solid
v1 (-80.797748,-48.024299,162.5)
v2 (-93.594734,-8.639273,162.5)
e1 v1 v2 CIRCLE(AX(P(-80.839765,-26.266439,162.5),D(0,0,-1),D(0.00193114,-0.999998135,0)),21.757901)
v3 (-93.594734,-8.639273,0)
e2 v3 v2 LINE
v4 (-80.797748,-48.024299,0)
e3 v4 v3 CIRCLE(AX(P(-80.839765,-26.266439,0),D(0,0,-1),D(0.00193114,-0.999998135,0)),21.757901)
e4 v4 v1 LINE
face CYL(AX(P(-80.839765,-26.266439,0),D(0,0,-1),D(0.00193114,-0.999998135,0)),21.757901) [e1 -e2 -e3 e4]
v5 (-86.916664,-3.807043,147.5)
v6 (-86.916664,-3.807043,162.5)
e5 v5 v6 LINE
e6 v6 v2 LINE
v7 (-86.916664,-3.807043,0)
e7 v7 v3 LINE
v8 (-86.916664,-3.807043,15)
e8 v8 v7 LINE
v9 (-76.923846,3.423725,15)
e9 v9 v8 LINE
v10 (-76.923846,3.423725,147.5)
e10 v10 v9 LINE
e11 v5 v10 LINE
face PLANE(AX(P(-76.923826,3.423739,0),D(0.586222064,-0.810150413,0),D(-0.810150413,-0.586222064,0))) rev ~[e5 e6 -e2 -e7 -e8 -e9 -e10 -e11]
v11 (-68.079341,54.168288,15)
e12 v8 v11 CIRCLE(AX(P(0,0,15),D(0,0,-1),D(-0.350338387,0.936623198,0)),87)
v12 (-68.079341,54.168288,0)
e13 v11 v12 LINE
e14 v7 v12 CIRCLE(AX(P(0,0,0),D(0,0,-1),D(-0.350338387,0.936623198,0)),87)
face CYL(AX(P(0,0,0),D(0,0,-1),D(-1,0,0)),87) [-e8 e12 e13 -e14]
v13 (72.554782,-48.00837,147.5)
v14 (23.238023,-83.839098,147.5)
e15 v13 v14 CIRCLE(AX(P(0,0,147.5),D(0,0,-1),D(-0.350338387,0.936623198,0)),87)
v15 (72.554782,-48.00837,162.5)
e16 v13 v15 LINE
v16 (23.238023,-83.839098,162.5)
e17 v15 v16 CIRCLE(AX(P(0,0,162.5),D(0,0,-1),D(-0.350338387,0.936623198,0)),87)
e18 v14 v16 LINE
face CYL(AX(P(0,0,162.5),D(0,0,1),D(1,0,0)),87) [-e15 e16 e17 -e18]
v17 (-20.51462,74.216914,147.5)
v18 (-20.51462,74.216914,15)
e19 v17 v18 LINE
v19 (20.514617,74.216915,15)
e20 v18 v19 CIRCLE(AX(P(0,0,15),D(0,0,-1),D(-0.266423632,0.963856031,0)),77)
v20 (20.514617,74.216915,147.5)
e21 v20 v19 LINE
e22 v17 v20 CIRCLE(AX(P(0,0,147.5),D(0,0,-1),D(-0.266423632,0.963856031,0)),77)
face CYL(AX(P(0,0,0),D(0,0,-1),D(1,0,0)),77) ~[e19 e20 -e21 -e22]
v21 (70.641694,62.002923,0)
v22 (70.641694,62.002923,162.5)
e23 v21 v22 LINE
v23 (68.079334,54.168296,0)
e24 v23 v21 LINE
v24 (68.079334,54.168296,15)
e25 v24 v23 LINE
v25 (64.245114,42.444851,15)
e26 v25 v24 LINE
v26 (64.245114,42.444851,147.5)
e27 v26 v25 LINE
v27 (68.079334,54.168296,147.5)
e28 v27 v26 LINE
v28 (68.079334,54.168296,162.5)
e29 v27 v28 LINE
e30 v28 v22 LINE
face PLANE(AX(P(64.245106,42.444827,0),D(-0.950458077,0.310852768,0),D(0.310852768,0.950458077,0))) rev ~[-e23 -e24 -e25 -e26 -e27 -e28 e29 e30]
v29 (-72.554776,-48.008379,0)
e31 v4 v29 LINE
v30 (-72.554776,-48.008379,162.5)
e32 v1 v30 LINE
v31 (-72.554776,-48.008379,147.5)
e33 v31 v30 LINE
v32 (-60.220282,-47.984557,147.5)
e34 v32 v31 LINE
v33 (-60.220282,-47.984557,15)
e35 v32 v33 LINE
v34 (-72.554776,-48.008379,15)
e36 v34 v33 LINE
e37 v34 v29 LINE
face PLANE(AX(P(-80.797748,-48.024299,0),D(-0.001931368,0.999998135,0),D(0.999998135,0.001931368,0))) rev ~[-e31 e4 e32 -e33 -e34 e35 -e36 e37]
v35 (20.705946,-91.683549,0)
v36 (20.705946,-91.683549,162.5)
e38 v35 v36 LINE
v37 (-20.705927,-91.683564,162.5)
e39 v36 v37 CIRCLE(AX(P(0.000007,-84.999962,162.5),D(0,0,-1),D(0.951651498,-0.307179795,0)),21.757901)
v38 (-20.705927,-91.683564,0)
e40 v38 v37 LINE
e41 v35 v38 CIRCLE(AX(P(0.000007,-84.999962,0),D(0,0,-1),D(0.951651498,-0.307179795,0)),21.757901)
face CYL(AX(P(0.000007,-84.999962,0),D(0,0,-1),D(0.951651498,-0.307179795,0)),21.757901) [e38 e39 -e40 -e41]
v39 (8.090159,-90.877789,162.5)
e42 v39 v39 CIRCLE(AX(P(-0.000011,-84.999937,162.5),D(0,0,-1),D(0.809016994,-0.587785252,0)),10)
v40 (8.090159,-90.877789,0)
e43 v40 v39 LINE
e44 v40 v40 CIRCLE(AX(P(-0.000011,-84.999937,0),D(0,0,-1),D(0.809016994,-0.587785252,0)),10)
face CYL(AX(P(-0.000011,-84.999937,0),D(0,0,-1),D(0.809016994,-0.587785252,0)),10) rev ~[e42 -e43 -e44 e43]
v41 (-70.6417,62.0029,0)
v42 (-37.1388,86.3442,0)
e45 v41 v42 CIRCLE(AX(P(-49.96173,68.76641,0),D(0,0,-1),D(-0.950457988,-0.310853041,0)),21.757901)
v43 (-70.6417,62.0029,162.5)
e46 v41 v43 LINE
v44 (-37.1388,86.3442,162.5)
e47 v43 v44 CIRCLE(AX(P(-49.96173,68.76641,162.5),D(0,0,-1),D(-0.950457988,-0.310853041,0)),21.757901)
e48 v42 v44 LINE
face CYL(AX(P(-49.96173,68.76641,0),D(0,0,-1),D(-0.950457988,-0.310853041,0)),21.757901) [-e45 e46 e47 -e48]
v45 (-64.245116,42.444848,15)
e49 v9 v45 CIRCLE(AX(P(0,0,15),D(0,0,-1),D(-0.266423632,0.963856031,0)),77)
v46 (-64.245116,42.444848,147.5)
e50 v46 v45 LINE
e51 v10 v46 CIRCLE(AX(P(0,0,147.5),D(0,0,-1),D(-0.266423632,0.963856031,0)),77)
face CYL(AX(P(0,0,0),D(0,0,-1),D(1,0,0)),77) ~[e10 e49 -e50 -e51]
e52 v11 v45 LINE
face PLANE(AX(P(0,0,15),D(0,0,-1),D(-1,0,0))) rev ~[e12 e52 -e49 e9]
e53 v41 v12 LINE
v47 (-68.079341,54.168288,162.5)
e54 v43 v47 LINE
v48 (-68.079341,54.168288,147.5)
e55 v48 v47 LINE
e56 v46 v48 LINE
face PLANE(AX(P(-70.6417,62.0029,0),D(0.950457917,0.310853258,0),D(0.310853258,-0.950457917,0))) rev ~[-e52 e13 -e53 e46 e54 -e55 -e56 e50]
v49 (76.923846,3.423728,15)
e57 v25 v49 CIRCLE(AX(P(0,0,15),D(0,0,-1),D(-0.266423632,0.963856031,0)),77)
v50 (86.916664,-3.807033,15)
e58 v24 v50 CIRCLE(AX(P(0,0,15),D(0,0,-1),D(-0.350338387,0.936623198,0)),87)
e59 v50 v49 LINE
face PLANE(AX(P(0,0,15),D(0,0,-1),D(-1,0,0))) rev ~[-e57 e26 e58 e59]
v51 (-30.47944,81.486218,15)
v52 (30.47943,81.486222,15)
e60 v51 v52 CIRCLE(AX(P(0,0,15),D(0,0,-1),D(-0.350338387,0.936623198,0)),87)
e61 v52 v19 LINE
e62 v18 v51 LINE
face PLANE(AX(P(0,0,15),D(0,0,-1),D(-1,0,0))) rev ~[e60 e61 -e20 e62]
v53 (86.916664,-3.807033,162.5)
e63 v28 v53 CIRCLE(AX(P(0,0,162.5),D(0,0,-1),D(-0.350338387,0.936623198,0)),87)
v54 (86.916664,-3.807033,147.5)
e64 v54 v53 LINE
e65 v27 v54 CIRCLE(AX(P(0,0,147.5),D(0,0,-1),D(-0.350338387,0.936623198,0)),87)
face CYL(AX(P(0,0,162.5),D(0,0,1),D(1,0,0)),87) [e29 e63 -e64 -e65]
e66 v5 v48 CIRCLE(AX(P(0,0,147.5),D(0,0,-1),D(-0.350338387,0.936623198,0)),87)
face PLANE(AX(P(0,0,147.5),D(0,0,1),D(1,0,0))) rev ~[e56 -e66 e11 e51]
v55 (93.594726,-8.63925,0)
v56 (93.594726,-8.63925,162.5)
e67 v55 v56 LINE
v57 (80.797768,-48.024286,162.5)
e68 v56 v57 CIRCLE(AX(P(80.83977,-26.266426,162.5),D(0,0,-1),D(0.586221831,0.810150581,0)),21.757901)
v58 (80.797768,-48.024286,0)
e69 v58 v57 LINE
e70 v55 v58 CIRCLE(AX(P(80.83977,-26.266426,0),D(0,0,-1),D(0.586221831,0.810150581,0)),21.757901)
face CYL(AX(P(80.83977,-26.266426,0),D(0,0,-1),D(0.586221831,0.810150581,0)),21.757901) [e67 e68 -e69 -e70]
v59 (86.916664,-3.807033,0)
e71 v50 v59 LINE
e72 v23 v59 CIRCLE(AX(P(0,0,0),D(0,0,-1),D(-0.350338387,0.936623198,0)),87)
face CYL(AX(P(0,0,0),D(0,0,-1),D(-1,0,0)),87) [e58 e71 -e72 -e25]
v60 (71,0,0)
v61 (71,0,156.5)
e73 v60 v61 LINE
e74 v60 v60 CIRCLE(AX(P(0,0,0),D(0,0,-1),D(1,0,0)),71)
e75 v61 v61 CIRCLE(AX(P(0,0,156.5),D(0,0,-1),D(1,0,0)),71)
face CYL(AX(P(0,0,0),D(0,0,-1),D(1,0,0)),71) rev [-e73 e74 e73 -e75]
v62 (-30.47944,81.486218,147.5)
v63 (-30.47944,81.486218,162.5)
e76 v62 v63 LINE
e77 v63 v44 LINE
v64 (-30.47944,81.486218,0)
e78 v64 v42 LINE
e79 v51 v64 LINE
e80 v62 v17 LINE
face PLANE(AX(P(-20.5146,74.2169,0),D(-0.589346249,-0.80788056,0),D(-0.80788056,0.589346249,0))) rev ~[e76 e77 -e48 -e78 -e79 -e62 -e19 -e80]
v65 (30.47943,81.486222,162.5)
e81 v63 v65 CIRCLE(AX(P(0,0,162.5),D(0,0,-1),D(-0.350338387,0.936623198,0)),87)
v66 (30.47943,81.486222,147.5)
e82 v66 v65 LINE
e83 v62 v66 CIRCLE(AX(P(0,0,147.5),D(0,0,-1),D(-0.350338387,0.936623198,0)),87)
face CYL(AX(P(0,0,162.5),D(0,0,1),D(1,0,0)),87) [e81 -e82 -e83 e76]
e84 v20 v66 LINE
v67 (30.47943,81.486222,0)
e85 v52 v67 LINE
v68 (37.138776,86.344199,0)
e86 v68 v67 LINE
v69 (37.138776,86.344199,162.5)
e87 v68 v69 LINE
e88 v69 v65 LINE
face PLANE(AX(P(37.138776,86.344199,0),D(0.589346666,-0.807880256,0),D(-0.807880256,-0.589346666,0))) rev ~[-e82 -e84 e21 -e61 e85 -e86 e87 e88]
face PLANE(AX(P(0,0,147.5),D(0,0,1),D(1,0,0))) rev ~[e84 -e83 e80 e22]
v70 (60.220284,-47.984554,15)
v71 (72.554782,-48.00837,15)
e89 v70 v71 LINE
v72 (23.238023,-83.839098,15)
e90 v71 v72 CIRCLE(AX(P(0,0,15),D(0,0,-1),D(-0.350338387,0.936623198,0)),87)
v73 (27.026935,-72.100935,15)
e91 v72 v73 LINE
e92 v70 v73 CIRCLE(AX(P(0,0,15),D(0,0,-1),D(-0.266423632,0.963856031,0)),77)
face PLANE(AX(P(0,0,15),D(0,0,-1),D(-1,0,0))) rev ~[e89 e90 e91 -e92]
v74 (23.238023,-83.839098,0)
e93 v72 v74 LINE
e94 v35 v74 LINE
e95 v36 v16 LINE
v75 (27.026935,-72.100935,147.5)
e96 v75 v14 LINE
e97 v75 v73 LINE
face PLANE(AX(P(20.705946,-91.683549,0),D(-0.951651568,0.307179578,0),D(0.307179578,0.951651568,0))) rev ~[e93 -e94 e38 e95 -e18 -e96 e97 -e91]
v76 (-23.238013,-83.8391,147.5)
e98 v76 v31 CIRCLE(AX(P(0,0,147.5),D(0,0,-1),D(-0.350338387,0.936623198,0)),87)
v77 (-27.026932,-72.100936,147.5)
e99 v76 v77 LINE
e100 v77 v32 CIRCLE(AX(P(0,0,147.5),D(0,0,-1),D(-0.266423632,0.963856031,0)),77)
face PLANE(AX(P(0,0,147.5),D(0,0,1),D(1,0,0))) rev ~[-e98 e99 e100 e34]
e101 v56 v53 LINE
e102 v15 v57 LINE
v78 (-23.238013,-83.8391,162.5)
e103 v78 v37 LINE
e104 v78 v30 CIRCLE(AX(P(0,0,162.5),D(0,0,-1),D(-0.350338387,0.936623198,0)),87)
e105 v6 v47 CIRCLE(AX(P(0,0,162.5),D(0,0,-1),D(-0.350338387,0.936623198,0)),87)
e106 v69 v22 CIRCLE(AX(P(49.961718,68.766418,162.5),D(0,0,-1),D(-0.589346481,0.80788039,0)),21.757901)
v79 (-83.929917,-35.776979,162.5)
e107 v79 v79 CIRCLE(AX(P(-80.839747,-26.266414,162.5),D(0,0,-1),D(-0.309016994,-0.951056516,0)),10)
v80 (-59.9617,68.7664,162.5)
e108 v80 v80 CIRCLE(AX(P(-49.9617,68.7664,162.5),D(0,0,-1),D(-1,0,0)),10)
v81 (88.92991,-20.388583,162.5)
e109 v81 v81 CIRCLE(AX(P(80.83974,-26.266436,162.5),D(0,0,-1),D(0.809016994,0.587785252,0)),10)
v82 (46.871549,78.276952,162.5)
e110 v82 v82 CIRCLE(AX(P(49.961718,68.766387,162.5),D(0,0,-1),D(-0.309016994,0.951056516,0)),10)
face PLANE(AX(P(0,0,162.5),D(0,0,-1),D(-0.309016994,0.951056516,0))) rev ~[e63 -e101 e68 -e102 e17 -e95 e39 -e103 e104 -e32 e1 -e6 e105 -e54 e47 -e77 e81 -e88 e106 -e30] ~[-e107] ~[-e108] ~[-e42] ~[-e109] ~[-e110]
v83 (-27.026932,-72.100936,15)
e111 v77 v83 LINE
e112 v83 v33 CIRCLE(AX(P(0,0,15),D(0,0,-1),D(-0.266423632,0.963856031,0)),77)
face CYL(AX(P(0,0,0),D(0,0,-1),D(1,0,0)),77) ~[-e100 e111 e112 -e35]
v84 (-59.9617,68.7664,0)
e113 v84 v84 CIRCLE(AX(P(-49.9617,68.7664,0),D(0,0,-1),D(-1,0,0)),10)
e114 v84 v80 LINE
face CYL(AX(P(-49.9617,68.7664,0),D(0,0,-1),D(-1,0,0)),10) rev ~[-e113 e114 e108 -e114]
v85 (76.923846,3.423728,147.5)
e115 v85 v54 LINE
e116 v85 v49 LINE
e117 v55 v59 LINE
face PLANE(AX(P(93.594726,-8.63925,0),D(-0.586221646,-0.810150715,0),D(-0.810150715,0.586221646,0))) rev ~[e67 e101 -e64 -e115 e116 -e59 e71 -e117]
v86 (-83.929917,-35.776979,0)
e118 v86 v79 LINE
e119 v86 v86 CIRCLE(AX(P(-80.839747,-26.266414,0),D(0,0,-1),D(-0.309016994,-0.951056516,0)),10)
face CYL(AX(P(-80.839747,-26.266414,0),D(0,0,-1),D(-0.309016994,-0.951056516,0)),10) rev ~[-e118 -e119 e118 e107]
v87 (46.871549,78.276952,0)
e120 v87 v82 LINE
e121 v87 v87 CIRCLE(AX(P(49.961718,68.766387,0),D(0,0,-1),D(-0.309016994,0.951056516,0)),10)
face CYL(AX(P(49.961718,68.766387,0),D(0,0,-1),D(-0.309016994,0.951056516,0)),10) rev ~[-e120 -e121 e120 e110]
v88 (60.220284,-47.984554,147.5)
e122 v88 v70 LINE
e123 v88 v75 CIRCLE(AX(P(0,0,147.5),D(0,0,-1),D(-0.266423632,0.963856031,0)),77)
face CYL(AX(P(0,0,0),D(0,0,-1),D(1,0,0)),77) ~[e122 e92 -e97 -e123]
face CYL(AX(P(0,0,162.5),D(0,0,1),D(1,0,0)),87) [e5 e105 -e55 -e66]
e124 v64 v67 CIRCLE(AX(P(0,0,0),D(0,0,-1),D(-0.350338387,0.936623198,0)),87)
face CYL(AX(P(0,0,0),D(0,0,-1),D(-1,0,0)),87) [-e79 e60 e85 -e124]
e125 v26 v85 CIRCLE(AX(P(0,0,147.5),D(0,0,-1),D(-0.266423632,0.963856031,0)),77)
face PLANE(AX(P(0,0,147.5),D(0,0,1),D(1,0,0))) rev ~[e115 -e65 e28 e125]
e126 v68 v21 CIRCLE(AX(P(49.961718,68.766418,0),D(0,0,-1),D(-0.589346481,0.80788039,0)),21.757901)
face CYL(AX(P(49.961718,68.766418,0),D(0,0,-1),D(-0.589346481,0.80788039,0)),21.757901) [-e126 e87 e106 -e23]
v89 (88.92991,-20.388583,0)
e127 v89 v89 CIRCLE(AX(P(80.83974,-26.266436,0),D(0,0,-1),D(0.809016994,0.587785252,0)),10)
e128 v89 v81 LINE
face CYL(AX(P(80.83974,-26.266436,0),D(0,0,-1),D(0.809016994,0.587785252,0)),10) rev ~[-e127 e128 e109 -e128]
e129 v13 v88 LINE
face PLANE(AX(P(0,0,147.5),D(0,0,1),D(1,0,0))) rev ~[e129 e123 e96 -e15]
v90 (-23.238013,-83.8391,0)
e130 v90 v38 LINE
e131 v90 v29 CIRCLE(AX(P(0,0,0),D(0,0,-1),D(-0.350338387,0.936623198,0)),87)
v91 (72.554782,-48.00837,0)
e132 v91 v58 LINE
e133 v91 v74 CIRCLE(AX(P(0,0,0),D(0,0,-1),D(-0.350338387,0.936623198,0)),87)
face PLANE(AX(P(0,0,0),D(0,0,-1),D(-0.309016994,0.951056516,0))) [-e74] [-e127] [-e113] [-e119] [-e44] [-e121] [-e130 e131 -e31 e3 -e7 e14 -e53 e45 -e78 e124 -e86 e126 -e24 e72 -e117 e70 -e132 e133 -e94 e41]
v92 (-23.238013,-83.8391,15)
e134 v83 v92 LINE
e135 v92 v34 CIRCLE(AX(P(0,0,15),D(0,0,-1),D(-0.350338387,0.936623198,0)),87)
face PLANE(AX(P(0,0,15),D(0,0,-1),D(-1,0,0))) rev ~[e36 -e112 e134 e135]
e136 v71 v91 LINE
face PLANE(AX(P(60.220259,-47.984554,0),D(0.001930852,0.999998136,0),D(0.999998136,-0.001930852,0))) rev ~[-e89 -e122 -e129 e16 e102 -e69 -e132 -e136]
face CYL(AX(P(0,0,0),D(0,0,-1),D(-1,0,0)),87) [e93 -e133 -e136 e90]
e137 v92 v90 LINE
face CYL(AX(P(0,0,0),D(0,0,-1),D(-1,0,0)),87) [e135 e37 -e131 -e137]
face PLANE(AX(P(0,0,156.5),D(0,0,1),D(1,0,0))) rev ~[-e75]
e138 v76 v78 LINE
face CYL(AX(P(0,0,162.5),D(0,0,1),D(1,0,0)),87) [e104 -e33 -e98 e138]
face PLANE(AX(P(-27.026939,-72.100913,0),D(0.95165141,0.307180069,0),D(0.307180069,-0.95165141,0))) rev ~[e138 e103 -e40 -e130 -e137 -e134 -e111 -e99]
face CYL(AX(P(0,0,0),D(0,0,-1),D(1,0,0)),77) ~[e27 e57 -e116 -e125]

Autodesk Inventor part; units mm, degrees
ref_plane "YZ Plane" through (0, 0, 0) normal (1, 0, 0) x (0, 1, 0)
ref_plane "XZ Plane" through (0, 0, 0) normal (0, 1, 0) x (-1, 0, 0)
ref_plane "XY Plane" through (0, 0, 0) normal (0, 0, 1) x (1, 0, 0)
sketch "Sketch1" plane through (0, 0, 0) normal (0, 0, 1) x (1, 0, 0)
  circle A0 centre (0, 0) radius 77
  dimension "d0" = 154
extrude "Extrusion1" add sketch "Sketch1" along normal blind 162.5
shell "Shell1" thickness 6 removed faces 1 at (-19.0407, -8.1278, 0)
sketch "Sketch2" plane through (0, 0, 162.5) normal (0, 0, 1) x (1, 0, 0)
  circle A0 centre (0, 0) radius 87
  circle A1 centre (0, 0) radius 77
  dimension "d4" = 174
  dimension "d5" = 154
extrude "Extrusion2" add sketch "Sketch2" against normal blind 15
sketch "Sketch3" plane through (0, 0, 0) normal (0, 0, -1) x (-1, 0, 0)
  circle A0 centre (0, 0) radius 77 projected
  circle A1 centre (0, 0) radius 87 projected
extrude "Extrusion3" add sketch "Sketch3" against normal blind 15
sketch "Sketch4" plane through (0, 0, 0) normal (0, 0, -1) x (-1, 0, 0)
  arc A0 (70.6417, 62.0029) -> (37.1388, 86.3442) centre (49.9617, 68.7664) ccw
  line L0 (45.2595, 62.2943) -> (49.9617, 68.7664) construction
  line L1 (0, 77) -> (0, 87) construction
  line L2 (70.6417, 62.0029) -> (64.2451, 42.4448)
  arc A1 (68.0794, 54.1683) -> (30.4794, 81.4862) centre (0, 0) ccw construction
  arc A2 (68.0794, 54.1683) -> (30.4794, 81.4862) centre (0, 0) ccw construction
  circle A3 centre (0, 0) radius 77 construction
  circle A4 centre (0, 0) radius 77 construction
  arc A5 (64.2451, 42.4448) -> (20.5146, 74.2169) centre (0, 0) ccw construction
  arc A6 (64.2451, 42.4448) -> (20.5146, 74.2169) centre (0, 0) ccw
  line L3 (20.5146, 74.2169) -> (37.1388, 86.3442)
  line L4 (76.9238, 3.4237) -> (93.5948, -8.6392)
  arc A7 (80.7978, -48.0243) -> (93.5948, -8.6392) centre (80.8398, -26.2664) ccw
  line L5 (80.7978, -48.0243) -> (60.2203, -47.9846)
  arc A8 (60.2203, -47.9846) -> (76.9238, 3.4237) centre (0, 0) ccw construction
  line L6 (27.0269, -72.1009) -> (20.706, -91.6836)
  arc A9 (-20.706, -91.6836) -> (20.706, -91.6836) centre (0, -85) ccw
  line L7 (-20.706, -91.6836) -> (-27.0269, -72.1009)
  arc A10 (-27.0269, -72.1009) -> (27.0269, -72.1009) centre (0, 0) ccw construction
  line L8 (-60.2203, -47.9846) -> (-80.7978, -48.0243)
  arc A11 (-93.5948, -8.6392) -> (-80.7978, -48.0243) centre (-80.8398, -26.2664) ccw
  line L9 (-93.5948, -8.6392) -> (-76.9238, 3.4237)
  arc A12 (-76.9238, 3.4237) -> (-60.2203, -47.9846) centre (0, 0) ccw construction
  line L10 (-64.2451, 42.4448) -> (-70.6417, 62.0029)
  arc A13 (-37.1388, 86.3442) -> (-70.6417, 62.0029) centre (-49.9617, 68.7664) ccw
  line L11 (-37.1388, 86.3442) -> (-20.5146, 74.2169)
  arc A14 (-20.5146, 74.2169) -> (-64.2451, 42.4448) centre (0, 0) ccw construction
  point P0 (72.5548, -48.0084)
  point P1 (-23.2381, -83.8391)
  point P2 (-86.9167, -3.807)
  point P3 (-30.4794, 81.4862)
  dimension "d11" = 85
  dimension "d12" = 36
  dimension "d17" = 360
extrude "Extrusion4" add sketch "Sketch4" against normal blind 162.5
pattern_circular "Circular Pattern1" count 5 over 360 about axis through (0, 0, 0) along (0, 0, 1) of "Extrusion4"
sketch "Sketch5" plane through (0, 0, 0) normal (0, 0, -1) x (-1, 0, 0)
  arc A0 (70.6417, 62.0029) -> (37.1388, 86.3442) centre (49.9617, 68.7664) ccw construction
  circle A1 centre (49.9617, 68.7664) radius 10
  point P0 (0, 0)
  dimension "d22" = 20
extrude "Extrusion5" cut sketch "Sketch5" against normal up to next
pattern_circular "Circular Pattern2" count 5 over 360 about axis through (0, 0, 0) along (0, 0, 1) of "Extrusion5"
properties part number "cylinder"
